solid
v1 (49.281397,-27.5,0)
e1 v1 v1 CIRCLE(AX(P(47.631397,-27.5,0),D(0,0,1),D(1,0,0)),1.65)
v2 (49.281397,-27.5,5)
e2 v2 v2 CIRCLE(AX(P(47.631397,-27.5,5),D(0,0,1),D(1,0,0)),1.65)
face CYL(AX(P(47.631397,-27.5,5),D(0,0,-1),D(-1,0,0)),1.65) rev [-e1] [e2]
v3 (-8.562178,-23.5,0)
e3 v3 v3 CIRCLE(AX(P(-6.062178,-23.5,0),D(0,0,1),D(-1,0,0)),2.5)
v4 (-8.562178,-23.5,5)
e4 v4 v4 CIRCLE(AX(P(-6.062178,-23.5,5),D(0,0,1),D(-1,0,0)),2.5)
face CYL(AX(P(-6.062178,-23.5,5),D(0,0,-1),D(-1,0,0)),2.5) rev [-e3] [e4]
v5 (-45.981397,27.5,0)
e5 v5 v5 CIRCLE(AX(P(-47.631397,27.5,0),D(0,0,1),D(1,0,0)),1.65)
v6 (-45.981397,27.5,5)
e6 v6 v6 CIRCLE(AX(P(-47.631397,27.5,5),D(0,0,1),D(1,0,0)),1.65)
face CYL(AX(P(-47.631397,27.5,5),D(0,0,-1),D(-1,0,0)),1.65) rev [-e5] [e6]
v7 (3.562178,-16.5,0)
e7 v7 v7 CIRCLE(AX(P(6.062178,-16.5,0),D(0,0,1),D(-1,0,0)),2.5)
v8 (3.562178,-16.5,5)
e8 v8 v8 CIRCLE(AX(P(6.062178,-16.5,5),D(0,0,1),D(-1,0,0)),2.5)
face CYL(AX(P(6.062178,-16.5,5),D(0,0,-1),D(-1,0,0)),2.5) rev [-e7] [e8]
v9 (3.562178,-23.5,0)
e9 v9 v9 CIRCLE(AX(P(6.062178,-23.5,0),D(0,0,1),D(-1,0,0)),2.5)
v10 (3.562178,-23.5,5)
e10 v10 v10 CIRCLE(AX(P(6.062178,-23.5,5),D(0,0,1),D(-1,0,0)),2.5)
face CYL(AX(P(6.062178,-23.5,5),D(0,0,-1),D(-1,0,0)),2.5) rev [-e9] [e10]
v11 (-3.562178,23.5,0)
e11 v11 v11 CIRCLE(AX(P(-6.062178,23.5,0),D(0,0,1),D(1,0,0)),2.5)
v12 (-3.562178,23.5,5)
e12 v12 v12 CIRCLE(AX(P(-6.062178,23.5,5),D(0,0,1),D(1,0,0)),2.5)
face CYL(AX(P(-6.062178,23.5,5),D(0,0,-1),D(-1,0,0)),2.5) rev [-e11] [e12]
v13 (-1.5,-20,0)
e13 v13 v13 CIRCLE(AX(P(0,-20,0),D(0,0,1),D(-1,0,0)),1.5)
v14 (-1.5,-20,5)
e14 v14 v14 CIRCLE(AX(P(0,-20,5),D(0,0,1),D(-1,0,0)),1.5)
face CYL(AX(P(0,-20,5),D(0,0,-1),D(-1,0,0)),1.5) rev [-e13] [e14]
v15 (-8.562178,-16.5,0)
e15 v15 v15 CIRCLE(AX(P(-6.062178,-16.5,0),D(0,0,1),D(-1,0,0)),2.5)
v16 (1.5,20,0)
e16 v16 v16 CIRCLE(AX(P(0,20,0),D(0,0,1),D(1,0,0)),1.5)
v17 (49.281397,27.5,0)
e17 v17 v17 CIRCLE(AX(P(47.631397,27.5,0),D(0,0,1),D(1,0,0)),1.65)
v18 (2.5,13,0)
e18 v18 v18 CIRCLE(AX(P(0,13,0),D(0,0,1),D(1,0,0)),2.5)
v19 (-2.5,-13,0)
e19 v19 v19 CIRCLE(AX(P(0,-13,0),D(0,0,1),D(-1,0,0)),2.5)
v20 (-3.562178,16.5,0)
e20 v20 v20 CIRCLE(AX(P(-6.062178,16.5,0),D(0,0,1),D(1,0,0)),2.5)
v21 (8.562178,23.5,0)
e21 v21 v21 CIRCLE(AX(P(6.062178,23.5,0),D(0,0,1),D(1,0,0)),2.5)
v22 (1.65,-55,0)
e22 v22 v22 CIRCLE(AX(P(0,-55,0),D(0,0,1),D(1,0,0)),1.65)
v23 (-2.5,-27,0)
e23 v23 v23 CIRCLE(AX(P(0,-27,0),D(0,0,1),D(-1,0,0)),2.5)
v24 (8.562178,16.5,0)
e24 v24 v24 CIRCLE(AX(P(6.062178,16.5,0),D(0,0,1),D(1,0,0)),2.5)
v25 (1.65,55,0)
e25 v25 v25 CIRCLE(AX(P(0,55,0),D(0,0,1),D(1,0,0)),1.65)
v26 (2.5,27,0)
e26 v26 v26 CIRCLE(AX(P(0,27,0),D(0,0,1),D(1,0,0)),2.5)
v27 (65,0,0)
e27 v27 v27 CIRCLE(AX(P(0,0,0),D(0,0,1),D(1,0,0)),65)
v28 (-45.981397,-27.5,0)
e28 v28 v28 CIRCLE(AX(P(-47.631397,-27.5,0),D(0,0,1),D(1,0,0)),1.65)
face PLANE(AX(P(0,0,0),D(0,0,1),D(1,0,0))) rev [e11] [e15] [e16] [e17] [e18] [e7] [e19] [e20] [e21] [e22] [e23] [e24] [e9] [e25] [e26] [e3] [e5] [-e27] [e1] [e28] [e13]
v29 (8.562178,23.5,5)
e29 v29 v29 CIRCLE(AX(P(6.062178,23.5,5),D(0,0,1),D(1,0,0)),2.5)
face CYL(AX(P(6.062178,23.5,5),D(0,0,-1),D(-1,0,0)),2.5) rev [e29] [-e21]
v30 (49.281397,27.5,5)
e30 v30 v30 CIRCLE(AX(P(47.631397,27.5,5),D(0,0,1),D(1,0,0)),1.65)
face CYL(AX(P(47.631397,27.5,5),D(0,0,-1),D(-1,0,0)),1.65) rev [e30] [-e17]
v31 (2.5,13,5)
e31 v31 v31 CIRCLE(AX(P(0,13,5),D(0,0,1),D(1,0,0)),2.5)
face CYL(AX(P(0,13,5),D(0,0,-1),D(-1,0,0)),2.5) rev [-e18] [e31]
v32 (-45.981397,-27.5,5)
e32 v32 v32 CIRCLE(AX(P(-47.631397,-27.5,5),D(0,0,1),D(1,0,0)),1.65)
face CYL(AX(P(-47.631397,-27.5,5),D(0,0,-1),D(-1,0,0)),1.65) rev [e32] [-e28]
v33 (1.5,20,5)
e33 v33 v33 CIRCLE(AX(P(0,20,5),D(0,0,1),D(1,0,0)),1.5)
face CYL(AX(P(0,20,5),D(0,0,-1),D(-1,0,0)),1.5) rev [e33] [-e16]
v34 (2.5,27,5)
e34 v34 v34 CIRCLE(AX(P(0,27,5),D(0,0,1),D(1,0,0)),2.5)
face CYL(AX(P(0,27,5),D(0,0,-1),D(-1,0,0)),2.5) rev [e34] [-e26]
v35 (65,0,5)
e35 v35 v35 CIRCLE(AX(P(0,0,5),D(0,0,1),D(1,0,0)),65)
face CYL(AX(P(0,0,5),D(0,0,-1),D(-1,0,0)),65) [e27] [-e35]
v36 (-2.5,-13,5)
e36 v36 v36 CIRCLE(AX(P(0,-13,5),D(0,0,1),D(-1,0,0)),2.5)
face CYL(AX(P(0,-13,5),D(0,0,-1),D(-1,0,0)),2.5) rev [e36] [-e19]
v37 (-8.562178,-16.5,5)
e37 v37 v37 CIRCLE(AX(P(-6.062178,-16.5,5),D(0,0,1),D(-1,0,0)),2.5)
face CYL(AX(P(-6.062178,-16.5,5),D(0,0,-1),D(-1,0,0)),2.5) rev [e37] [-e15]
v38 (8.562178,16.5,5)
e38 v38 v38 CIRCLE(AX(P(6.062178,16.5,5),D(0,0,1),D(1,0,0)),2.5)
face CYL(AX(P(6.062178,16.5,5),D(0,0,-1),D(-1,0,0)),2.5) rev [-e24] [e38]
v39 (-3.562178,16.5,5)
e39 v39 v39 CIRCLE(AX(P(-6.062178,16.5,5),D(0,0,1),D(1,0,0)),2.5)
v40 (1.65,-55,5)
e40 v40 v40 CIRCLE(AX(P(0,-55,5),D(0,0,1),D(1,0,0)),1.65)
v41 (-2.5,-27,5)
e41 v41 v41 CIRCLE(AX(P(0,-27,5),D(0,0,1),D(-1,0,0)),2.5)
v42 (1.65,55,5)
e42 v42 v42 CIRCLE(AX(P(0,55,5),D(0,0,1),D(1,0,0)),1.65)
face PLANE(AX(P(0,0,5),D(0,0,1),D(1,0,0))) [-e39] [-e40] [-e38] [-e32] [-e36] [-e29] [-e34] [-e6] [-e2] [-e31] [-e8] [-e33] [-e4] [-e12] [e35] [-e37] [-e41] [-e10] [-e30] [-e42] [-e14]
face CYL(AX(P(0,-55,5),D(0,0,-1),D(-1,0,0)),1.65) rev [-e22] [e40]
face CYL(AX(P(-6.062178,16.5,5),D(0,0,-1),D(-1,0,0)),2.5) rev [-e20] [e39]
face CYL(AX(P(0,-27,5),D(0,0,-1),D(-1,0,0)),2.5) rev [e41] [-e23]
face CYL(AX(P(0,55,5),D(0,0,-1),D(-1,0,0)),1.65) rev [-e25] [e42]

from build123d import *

# Parameters (mm, degrees)
SKETCH1_R           = 65
SKETCH1_R_2         = 1.65
SKETCH1_R_3         = 2.5
SKETCH1_R_4         = 1.5
BOSS_EXTRUDE1_DEPTH = 5


with BuildPart() as part:
    # Sketch1 → Boss-Extrude1 (new body)
    with BuildSketch(Plane.XY):
        Circle(SKETCH1_R)
        with Locations((0, 55)):
            Circle(SKETCH1_R_2, mode=Mode.SUBTRACT)
        with Locations((47.631397208, 27.5)):
            Circle(SKETCH1_R_2, mode=Mode.SUBTRACT)
        with Locations((47.631397208, -27.5)):
            Circle(SKETCH1_R_2, mode=Mode.SUBTRACT)
        with Locations((0, -55)):
            Circle(SKETCH1_R_2, mode=Mode.SUBTRACT)
        with Locations((-47.631397208, -27.5)):
            Circle(SKETCH1_R_2, mode=Mode.SUBTRACT)
        with Locations((-47.631397208, 27.5)):
            Circle(SKETCH1_R_2, mode=Mode.SUBTRACT)
        with Locations((0, 27)):
            Circle(SKETCH1_R_3, mode=Mode.SUBTRACT)
        with Locations((6.062177826, 23.5)):
            Circle(SKETCH1_R_3, mode=Mode.SUBTRACT)
        with Locations((6.062177826, 16.5)):
            Circle(SKETCH1_R_3, mode=Mode.SUBTRACT)
        with Locations((0, 13)):
            Circle(SKETCH1_R_3, mode=Mode.SUBTRACT)
        with Locations((-6.062177826, 16.5)):
            Circle(SKETCH1_R_3, mode=Mode.SUBTRACT)
        with Locations((-6.062177826, 23.5)):
            Circle(SKETCH1_R_3, mode=Mode.SUBTRACT)
        with Locations((0, 20)):
            Circle(SKETCH1_R_4, mode=Mode.SUBTRACT)
        with Locations(Location((6.062177826, -16.5, 0), (0, 0, 180))):
            Circle(SKETCH1_R_3, mode=Mode.SUBTRACT)
        with Locations(Location((0, -13, 0), (0, 0, 180))):
            Circle(SKETCH1_R_3, mode=Mode.SUBTRACT)
        with Locations(Location((-6.062177826, -16.5, 0), (0, 0, 180))):
            Circle(SKETCH1_R_3, mode=Mode.SUBTRACT)
        with Locations(Location((0, -20, 0), (0, 0, 180))):
            Circle(SKETCH1_R_4, mode=Mode.SUBTRACT)
        with Locations(Location((-6.062177826, -23.5, 0), (0, 0, 180))):
            Circle(SKETCH1_R_3, mode=Mode.SUBTRACT)
        with Locations(Location((0, -27, 0), (0, 0, 180))):
            Circle(SKETCH1_R_3, mode=Mode.SUBTRACT)
        with Locations(Location((6.062177826, -23.5, 0), (0, 0, 180))):
            Circle(SKETCH1_R_3, mode=Mode.SUBTRACT)
    extrude(amount=BOSS_EXTRUDE1_DEPTH)


solid = part.part
